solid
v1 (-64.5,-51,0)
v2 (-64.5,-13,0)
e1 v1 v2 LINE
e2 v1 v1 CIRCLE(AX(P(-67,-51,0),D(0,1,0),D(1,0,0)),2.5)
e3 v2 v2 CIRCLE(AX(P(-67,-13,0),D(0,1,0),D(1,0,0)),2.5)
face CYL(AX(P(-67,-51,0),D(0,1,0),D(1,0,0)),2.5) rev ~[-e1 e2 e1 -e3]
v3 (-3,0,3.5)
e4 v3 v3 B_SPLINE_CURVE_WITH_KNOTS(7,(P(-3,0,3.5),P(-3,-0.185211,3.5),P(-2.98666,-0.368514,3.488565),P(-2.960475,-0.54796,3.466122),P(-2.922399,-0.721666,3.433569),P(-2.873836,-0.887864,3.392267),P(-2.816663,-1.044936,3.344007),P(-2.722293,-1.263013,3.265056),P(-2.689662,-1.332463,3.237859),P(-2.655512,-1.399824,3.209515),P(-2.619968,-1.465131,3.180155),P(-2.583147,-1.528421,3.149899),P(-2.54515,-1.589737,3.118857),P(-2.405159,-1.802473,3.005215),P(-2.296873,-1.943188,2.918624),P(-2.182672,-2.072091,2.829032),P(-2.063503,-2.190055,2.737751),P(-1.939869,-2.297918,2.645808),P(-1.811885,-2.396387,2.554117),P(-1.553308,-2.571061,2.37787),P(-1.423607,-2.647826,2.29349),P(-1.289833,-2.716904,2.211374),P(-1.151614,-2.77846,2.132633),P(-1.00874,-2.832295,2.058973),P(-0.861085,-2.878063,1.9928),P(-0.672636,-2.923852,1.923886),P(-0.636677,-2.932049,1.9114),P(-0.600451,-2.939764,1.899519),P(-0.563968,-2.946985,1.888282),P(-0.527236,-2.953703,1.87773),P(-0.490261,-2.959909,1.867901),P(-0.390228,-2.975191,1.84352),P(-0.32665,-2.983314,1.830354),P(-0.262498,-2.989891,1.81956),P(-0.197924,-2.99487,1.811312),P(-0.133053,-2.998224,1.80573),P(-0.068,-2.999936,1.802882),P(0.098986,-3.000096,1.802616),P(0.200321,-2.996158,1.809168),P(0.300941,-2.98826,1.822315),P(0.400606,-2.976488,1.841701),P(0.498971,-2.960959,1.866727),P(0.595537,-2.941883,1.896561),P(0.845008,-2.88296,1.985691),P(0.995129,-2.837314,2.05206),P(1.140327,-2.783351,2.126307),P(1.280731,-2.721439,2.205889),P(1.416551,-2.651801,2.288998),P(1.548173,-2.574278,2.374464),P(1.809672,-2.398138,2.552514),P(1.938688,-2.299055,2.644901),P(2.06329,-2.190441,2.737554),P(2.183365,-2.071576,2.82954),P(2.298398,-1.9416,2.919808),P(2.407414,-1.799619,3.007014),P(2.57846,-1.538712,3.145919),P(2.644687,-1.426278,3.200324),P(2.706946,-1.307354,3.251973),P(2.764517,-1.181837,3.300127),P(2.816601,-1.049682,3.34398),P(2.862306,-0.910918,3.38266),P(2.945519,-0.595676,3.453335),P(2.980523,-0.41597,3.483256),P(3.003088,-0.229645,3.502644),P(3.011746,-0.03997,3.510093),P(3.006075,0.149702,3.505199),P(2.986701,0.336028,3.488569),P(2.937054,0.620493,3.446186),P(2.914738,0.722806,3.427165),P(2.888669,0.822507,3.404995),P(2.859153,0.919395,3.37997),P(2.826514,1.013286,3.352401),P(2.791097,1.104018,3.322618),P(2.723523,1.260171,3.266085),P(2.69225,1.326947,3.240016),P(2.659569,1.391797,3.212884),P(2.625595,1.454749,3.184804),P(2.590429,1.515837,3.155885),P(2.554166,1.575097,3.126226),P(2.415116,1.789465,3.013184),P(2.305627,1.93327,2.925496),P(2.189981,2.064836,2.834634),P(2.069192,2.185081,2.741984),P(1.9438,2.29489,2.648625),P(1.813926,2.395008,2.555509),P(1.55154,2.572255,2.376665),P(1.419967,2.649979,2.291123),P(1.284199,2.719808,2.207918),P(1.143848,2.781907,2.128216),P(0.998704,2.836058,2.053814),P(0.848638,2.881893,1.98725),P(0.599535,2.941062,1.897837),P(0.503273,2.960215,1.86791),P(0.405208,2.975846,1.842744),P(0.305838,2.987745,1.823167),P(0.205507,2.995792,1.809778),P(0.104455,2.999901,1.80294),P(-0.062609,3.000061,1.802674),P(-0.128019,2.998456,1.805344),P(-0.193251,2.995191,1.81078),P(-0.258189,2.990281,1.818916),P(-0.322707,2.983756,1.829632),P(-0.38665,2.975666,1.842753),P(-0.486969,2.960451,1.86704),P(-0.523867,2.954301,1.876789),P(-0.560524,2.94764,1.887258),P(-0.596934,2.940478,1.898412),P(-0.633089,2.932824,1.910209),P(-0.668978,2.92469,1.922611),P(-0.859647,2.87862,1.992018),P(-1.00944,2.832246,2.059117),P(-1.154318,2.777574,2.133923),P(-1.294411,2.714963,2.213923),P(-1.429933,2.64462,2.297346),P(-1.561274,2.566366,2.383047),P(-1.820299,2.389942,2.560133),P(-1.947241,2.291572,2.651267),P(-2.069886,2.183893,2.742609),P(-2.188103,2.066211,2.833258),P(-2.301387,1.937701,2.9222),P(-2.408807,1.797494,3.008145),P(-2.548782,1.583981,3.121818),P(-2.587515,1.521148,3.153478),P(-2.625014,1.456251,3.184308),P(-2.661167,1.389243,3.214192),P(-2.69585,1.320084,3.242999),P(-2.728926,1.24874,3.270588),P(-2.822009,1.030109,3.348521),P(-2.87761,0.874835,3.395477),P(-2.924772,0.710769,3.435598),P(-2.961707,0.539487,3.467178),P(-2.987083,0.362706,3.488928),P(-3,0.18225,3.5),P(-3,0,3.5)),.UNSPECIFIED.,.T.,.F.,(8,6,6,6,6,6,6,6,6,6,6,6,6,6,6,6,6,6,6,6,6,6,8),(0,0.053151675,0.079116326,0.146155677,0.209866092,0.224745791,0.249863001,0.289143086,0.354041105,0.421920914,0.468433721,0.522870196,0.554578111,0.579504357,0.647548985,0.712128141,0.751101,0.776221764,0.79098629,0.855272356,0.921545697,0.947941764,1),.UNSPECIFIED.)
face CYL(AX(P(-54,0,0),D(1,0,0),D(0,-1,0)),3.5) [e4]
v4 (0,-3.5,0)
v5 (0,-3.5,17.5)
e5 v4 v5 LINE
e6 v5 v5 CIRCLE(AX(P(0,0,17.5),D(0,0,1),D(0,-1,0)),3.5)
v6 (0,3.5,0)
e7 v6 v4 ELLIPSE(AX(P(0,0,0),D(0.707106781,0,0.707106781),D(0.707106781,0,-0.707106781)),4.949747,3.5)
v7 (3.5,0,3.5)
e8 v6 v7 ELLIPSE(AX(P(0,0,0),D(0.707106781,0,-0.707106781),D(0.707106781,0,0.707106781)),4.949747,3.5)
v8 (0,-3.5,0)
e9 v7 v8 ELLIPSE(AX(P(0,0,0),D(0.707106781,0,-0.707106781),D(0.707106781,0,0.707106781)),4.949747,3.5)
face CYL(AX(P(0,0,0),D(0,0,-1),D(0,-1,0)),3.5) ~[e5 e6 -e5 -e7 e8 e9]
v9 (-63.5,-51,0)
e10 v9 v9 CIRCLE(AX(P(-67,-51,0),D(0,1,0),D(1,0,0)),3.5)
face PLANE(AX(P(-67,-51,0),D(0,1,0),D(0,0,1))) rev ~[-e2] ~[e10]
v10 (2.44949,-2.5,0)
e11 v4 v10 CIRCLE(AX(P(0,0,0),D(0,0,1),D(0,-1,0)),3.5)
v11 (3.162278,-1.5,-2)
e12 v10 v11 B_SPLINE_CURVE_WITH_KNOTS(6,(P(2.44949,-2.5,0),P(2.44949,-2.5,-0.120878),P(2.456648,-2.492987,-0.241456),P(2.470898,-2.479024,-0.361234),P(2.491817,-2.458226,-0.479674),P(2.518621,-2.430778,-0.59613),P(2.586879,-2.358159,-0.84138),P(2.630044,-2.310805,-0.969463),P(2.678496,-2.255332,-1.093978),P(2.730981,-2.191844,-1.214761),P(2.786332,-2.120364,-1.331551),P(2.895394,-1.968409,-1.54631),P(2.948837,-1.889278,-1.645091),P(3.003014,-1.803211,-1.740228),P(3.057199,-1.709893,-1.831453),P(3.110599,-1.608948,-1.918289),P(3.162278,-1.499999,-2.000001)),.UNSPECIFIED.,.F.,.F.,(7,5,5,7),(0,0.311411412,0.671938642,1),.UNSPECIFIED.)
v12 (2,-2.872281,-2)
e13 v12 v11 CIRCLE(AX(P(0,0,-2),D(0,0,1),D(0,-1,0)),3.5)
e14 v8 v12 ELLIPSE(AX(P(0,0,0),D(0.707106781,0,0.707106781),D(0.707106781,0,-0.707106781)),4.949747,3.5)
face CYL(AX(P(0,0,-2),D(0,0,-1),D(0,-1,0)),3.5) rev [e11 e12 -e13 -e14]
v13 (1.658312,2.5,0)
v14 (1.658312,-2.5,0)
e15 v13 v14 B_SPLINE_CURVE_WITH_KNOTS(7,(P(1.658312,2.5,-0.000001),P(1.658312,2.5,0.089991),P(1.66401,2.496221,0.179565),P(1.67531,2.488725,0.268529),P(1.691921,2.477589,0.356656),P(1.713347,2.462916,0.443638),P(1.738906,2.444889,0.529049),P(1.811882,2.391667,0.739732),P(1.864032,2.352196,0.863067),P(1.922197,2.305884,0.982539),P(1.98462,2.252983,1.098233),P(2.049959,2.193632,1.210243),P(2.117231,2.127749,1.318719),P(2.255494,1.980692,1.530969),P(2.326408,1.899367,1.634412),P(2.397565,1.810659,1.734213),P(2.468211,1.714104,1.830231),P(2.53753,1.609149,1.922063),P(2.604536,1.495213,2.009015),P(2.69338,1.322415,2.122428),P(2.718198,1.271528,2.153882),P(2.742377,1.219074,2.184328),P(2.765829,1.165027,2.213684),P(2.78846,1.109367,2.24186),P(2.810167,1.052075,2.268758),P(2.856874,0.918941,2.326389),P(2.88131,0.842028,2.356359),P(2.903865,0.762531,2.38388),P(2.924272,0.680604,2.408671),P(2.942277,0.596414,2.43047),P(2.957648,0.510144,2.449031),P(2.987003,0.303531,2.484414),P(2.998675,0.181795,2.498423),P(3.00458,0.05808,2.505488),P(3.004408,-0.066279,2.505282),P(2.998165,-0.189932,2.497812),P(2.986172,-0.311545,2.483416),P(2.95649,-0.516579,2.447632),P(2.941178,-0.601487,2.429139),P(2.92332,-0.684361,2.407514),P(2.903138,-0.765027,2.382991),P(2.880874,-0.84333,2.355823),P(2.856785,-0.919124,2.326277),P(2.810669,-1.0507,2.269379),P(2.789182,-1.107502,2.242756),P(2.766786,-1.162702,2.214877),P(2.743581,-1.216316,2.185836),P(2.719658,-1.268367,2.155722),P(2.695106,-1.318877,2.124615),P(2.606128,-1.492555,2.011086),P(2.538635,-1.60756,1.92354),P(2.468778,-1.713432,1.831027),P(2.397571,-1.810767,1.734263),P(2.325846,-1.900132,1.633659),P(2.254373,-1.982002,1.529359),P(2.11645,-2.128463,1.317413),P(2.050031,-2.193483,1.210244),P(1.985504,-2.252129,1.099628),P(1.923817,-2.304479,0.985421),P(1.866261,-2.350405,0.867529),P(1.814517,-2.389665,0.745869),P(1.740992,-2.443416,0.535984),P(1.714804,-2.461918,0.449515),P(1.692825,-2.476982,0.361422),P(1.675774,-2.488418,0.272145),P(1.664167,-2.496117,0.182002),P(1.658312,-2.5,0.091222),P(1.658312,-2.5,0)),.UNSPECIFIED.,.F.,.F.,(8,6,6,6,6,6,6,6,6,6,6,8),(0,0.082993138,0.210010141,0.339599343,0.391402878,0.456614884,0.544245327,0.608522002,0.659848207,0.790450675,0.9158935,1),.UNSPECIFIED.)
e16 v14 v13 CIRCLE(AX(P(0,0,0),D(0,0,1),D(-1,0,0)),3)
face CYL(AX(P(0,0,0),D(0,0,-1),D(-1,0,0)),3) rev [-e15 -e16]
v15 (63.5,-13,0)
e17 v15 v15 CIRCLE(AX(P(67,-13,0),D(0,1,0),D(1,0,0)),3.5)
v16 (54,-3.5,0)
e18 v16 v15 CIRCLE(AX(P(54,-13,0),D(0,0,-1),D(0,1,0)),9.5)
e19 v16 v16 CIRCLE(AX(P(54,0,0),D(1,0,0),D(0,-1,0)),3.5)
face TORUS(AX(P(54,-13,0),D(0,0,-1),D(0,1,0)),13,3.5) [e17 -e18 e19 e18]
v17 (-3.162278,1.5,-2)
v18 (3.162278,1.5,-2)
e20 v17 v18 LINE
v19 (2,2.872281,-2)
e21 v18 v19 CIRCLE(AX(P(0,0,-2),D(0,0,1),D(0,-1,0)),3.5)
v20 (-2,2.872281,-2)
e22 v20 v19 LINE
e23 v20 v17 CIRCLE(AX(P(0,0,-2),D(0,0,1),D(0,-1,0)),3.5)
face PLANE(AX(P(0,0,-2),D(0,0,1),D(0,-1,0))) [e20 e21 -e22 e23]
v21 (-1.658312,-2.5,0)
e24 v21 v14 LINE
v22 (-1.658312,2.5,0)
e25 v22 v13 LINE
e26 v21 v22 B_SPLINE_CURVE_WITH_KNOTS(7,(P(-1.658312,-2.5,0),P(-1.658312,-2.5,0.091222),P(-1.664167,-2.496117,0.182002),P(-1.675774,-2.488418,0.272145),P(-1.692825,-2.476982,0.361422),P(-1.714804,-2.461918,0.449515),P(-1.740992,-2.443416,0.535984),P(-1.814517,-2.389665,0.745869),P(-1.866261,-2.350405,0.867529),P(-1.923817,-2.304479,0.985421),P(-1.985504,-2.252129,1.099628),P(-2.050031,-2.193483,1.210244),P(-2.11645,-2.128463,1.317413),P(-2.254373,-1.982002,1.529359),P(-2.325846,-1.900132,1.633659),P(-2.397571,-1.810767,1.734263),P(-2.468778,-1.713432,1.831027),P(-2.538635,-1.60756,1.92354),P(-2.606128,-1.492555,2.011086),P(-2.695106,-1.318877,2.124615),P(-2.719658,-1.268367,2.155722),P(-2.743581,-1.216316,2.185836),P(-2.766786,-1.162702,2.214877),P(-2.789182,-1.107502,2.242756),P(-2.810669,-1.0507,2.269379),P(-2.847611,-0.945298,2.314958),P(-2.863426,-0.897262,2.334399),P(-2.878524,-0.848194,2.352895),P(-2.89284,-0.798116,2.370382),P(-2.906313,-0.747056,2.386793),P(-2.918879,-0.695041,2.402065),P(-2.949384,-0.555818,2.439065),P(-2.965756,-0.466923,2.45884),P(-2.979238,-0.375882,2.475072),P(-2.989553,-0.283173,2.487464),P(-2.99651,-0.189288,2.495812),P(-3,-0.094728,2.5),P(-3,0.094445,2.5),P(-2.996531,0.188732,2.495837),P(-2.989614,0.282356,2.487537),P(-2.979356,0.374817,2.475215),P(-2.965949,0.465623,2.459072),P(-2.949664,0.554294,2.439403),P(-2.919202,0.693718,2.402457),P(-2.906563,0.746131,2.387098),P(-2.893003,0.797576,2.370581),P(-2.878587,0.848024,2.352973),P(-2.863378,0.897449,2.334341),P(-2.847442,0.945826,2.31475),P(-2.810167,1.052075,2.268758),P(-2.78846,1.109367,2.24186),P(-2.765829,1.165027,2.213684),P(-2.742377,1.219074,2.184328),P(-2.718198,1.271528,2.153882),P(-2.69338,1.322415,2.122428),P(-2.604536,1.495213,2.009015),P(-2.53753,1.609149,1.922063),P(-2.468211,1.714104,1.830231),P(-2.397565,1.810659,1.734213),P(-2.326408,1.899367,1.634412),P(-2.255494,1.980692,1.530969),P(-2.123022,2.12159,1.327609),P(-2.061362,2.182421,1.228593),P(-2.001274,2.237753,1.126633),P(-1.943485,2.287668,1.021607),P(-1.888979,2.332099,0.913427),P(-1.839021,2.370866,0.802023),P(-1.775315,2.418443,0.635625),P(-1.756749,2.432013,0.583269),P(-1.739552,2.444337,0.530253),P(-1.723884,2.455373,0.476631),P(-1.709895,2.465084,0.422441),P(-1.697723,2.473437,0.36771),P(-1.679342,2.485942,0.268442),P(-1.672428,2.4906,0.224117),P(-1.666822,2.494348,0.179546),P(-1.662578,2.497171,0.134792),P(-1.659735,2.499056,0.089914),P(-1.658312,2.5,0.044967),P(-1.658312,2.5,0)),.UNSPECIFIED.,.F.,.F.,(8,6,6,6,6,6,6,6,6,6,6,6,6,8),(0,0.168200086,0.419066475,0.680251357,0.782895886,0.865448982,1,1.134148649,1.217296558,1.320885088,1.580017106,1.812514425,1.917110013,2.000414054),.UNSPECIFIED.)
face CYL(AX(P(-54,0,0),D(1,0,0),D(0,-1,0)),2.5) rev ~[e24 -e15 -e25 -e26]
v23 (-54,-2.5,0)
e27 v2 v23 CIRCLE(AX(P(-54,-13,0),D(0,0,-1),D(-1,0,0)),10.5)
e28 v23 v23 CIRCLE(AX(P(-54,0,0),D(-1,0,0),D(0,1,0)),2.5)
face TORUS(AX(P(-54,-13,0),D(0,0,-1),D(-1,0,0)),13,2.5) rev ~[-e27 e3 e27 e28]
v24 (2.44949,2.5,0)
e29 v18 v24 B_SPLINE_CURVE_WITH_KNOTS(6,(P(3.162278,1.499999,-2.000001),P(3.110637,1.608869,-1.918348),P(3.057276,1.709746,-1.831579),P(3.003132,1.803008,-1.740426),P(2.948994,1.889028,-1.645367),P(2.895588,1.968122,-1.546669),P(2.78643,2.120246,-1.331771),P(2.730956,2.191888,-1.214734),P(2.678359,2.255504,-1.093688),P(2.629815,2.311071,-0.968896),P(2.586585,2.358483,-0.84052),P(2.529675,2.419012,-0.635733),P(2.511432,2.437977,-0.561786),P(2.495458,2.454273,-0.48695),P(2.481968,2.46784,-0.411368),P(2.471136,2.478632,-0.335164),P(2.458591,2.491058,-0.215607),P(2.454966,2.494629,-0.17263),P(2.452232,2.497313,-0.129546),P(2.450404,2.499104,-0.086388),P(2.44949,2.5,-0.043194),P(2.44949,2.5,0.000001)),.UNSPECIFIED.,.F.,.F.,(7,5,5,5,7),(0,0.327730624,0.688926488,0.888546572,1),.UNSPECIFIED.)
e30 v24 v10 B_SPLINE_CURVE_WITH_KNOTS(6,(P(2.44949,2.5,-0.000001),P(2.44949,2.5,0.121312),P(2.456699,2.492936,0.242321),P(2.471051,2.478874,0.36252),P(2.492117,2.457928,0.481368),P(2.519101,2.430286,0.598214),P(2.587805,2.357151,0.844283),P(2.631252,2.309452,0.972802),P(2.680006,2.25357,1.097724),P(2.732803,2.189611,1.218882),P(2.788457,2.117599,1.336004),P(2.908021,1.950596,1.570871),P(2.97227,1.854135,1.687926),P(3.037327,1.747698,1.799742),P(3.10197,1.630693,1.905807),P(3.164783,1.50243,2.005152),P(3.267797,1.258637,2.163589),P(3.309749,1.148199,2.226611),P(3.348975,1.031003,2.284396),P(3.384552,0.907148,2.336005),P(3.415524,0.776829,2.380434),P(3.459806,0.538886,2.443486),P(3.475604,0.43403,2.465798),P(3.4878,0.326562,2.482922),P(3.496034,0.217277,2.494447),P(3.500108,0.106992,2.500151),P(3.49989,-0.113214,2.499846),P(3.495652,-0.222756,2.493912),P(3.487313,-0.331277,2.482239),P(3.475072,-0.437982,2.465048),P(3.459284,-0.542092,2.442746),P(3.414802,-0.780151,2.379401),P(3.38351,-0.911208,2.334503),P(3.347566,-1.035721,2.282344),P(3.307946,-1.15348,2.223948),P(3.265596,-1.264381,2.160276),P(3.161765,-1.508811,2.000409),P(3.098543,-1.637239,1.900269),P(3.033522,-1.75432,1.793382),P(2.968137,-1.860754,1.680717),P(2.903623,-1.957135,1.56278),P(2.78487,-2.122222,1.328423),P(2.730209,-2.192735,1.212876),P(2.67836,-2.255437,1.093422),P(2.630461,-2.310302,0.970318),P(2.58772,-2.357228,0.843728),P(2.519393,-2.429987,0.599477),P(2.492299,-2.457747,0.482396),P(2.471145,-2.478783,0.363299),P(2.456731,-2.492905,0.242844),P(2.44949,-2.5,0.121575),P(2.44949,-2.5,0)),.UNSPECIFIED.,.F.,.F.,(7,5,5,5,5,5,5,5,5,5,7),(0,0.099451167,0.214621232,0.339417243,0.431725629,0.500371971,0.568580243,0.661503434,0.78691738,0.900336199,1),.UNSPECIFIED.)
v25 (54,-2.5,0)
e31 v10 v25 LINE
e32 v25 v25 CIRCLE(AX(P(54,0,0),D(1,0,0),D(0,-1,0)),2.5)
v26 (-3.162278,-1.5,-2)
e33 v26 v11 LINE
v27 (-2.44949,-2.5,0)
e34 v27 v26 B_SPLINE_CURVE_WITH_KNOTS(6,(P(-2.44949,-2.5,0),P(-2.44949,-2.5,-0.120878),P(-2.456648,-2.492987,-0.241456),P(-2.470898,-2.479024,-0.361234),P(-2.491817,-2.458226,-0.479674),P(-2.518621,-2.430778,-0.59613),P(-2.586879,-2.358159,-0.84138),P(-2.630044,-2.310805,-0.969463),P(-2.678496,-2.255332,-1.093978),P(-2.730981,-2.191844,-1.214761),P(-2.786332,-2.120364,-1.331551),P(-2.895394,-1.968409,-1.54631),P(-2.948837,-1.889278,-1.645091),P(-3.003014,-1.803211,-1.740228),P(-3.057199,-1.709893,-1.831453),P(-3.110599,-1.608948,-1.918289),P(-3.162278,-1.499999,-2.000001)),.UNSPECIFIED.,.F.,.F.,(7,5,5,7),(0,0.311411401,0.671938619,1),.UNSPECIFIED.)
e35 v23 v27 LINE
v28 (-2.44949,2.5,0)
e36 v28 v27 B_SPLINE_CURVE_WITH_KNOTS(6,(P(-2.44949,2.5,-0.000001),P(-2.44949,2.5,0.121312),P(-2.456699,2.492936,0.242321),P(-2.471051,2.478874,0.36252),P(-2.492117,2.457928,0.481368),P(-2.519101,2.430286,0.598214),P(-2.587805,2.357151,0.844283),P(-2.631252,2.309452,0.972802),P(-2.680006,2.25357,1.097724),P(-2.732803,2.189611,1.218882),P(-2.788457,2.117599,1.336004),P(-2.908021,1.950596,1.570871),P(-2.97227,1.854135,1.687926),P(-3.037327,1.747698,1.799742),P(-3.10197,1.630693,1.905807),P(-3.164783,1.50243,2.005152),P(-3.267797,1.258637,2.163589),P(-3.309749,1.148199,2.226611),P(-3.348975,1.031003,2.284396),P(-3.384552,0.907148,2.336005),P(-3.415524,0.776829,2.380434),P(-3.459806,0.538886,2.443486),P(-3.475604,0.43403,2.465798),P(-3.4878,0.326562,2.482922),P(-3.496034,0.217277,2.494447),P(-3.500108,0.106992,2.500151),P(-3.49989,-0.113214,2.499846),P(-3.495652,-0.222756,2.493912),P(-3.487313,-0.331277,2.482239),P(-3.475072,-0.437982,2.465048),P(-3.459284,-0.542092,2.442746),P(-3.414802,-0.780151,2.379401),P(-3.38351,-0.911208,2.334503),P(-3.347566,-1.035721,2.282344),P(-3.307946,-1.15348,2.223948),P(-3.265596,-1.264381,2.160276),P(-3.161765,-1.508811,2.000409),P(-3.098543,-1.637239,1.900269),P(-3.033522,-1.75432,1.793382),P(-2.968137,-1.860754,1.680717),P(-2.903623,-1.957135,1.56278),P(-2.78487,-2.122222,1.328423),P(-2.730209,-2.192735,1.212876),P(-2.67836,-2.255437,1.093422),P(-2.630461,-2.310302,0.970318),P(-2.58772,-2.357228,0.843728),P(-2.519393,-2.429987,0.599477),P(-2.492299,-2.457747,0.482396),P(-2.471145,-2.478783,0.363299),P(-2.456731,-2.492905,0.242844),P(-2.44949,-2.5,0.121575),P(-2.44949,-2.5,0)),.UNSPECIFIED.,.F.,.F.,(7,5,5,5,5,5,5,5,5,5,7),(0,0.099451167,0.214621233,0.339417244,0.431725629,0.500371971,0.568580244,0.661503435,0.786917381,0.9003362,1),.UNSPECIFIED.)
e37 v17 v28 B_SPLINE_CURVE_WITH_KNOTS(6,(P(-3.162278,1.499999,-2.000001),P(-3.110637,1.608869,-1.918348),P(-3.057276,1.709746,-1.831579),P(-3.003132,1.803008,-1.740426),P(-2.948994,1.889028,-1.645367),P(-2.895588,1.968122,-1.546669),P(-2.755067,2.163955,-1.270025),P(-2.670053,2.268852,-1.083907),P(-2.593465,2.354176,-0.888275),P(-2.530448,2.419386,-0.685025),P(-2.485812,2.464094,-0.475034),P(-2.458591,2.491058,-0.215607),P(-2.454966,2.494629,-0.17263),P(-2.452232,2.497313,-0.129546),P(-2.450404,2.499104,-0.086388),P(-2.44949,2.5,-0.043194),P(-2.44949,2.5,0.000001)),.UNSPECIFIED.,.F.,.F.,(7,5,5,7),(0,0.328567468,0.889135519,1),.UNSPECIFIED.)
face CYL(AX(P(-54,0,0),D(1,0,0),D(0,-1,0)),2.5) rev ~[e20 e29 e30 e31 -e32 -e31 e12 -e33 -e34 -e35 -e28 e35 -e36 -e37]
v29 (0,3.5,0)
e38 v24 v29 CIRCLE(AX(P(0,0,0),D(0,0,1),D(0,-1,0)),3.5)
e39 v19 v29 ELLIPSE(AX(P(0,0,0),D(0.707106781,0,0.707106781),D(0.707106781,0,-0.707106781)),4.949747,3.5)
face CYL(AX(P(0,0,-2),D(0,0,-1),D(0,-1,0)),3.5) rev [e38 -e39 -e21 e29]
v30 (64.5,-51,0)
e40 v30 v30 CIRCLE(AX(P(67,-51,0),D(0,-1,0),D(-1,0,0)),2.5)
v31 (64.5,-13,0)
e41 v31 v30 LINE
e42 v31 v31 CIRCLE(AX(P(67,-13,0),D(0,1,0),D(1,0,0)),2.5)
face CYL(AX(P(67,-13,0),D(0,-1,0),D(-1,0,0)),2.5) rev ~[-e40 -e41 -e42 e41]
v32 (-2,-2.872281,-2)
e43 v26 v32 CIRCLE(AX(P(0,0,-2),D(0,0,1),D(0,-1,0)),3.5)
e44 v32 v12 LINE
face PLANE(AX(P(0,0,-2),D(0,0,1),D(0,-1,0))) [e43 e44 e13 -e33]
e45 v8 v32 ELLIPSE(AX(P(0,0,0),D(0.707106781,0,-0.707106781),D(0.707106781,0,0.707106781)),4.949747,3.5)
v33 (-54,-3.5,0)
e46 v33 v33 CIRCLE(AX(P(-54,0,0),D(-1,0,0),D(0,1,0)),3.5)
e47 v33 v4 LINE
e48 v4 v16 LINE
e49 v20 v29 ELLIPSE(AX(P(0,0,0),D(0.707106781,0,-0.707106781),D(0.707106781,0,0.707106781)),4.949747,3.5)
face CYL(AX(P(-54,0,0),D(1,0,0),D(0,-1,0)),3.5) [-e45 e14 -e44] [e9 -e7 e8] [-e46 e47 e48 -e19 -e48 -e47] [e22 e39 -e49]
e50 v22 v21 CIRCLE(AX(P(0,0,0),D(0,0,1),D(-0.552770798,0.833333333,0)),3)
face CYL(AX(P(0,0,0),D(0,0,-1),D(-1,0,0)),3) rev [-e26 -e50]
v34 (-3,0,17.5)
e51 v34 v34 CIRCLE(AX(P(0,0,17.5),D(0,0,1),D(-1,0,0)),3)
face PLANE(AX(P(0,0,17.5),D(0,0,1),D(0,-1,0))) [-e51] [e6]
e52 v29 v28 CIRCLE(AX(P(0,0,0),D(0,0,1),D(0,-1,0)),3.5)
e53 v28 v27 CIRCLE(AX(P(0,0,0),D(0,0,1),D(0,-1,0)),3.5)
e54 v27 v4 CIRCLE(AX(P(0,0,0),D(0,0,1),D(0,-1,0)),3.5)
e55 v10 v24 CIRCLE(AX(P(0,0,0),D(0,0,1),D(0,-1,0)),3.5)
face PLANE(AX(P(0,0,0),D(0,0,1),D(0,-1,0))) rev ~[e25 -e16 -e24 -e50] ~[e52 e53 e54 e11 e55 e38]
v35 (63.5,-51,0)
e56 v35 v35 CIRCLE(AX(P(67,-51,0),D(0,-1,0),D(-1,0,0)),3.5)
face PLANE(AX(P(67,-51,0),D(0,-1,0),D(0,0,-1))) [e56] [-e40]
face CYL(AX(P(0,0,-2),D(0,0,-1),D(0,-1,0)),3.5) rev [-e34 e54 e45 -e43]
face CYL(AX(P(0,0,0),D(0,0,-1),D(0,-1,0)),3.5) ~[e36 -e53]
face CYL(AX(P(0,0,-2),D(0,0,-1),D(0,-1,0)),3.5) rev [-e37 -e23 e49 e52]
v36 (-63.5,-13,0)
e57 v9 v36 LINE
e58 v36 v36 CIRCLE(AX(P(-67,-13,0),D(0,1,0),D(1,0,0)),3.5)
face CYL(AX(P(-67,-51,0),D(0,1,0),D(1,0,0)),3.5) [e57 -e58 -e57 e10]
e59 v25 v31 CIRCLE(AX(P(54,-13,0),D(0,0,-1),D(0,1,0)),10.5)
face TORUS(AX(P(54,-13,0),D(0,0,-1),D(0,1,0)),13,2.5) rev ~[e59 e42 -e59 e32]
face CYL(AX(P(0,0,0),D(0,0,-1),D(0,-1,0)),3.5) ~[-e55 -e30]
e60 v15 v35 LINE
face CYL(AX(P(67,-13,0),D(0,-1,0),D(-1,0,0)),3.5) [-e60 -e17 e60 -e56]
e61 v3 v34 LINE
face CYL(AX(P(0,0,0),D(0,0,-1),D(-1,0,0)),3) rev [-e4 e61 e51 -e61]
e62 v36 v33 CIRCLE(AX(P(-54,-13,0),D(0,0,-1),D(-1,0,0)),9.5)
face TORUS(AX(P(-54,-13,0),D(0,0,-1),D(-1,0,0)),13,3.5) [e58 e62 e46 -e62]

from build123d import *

# Parameters (mm, degrees)
SWEEP_THIN2_PROFILE_R   = 3.5
SWEEP_THIN2_PROFILE_R_2 = 2.5
SKETCH57_R              = 3.5
SKETCH57_R_2            = 3
BOSS_EXTRUDE1_DEPTH     = 17.5
CUT_EXTRUDE1_START      = -2
SKETCH59_R              = 3.5
CUT_EXTRUDE1_DEPTH      = 2


with BuildPart() as part:
    # Sweep-Thin2: sweep along a path in Sketch28
    with BuildLine(Plane.XY) as sweep_thin2_path:
        Line((-67, -51), (-67, -13))
        ThreePointArc((-67, -13), (-63.192388155, -3.807611845), (-54, 0))
        Line((-54, 0), (54, 0))
        ThreePointArc((54, 0), (63.192388155, -3.807611845), (67, -13))
        Line((67, -13), (67, -51))
    # Sweep-Thin2 profile (on start of the path) → Sweep-Thin2 (sweep)
    with BuildSketch(Plane(origin=(-67, -51, 0), x_dir=(1, 0, 0), z_dir=(0, 1, 0))):
        Circle(SWEEP_THIN2_PROFILE_R)
        Circle(SWEEP_THIN2_PROFILE_R_2, mode=Mode.SUBTRACT)
    sweep(path=sweep_thin2_path.line)

    # Sketch57 → Boss-Extrude1 (add)
    with BuildSketch(Plane.XY):
        with Locations(Location((0, 0, 0), (0, 0, 270))):
            Circle(SKETCH57_R)
        with Locations(Location((0, 0, 0), (0, 0, 180))):
            Circle(SKETCH57_R_2, mode=Mode.SUBTRACT)
    extrude(amount=BOSS_EXTRUDE1_DEPTH)

    # Sketch59 → Cut-Extrude1 (cut)
    with BuildSketch(Plane.XY.offset(CUT_EXTRUDE1_START)):
        with Locations(Location((0, 0, 0), (0, 0, 270))):
            Circle(SKETCH59_R)
    extrude(amount=CUT_EXTRUDE1_DEPTH, mode=Mode.SUBTRACT)


solid = part.part
